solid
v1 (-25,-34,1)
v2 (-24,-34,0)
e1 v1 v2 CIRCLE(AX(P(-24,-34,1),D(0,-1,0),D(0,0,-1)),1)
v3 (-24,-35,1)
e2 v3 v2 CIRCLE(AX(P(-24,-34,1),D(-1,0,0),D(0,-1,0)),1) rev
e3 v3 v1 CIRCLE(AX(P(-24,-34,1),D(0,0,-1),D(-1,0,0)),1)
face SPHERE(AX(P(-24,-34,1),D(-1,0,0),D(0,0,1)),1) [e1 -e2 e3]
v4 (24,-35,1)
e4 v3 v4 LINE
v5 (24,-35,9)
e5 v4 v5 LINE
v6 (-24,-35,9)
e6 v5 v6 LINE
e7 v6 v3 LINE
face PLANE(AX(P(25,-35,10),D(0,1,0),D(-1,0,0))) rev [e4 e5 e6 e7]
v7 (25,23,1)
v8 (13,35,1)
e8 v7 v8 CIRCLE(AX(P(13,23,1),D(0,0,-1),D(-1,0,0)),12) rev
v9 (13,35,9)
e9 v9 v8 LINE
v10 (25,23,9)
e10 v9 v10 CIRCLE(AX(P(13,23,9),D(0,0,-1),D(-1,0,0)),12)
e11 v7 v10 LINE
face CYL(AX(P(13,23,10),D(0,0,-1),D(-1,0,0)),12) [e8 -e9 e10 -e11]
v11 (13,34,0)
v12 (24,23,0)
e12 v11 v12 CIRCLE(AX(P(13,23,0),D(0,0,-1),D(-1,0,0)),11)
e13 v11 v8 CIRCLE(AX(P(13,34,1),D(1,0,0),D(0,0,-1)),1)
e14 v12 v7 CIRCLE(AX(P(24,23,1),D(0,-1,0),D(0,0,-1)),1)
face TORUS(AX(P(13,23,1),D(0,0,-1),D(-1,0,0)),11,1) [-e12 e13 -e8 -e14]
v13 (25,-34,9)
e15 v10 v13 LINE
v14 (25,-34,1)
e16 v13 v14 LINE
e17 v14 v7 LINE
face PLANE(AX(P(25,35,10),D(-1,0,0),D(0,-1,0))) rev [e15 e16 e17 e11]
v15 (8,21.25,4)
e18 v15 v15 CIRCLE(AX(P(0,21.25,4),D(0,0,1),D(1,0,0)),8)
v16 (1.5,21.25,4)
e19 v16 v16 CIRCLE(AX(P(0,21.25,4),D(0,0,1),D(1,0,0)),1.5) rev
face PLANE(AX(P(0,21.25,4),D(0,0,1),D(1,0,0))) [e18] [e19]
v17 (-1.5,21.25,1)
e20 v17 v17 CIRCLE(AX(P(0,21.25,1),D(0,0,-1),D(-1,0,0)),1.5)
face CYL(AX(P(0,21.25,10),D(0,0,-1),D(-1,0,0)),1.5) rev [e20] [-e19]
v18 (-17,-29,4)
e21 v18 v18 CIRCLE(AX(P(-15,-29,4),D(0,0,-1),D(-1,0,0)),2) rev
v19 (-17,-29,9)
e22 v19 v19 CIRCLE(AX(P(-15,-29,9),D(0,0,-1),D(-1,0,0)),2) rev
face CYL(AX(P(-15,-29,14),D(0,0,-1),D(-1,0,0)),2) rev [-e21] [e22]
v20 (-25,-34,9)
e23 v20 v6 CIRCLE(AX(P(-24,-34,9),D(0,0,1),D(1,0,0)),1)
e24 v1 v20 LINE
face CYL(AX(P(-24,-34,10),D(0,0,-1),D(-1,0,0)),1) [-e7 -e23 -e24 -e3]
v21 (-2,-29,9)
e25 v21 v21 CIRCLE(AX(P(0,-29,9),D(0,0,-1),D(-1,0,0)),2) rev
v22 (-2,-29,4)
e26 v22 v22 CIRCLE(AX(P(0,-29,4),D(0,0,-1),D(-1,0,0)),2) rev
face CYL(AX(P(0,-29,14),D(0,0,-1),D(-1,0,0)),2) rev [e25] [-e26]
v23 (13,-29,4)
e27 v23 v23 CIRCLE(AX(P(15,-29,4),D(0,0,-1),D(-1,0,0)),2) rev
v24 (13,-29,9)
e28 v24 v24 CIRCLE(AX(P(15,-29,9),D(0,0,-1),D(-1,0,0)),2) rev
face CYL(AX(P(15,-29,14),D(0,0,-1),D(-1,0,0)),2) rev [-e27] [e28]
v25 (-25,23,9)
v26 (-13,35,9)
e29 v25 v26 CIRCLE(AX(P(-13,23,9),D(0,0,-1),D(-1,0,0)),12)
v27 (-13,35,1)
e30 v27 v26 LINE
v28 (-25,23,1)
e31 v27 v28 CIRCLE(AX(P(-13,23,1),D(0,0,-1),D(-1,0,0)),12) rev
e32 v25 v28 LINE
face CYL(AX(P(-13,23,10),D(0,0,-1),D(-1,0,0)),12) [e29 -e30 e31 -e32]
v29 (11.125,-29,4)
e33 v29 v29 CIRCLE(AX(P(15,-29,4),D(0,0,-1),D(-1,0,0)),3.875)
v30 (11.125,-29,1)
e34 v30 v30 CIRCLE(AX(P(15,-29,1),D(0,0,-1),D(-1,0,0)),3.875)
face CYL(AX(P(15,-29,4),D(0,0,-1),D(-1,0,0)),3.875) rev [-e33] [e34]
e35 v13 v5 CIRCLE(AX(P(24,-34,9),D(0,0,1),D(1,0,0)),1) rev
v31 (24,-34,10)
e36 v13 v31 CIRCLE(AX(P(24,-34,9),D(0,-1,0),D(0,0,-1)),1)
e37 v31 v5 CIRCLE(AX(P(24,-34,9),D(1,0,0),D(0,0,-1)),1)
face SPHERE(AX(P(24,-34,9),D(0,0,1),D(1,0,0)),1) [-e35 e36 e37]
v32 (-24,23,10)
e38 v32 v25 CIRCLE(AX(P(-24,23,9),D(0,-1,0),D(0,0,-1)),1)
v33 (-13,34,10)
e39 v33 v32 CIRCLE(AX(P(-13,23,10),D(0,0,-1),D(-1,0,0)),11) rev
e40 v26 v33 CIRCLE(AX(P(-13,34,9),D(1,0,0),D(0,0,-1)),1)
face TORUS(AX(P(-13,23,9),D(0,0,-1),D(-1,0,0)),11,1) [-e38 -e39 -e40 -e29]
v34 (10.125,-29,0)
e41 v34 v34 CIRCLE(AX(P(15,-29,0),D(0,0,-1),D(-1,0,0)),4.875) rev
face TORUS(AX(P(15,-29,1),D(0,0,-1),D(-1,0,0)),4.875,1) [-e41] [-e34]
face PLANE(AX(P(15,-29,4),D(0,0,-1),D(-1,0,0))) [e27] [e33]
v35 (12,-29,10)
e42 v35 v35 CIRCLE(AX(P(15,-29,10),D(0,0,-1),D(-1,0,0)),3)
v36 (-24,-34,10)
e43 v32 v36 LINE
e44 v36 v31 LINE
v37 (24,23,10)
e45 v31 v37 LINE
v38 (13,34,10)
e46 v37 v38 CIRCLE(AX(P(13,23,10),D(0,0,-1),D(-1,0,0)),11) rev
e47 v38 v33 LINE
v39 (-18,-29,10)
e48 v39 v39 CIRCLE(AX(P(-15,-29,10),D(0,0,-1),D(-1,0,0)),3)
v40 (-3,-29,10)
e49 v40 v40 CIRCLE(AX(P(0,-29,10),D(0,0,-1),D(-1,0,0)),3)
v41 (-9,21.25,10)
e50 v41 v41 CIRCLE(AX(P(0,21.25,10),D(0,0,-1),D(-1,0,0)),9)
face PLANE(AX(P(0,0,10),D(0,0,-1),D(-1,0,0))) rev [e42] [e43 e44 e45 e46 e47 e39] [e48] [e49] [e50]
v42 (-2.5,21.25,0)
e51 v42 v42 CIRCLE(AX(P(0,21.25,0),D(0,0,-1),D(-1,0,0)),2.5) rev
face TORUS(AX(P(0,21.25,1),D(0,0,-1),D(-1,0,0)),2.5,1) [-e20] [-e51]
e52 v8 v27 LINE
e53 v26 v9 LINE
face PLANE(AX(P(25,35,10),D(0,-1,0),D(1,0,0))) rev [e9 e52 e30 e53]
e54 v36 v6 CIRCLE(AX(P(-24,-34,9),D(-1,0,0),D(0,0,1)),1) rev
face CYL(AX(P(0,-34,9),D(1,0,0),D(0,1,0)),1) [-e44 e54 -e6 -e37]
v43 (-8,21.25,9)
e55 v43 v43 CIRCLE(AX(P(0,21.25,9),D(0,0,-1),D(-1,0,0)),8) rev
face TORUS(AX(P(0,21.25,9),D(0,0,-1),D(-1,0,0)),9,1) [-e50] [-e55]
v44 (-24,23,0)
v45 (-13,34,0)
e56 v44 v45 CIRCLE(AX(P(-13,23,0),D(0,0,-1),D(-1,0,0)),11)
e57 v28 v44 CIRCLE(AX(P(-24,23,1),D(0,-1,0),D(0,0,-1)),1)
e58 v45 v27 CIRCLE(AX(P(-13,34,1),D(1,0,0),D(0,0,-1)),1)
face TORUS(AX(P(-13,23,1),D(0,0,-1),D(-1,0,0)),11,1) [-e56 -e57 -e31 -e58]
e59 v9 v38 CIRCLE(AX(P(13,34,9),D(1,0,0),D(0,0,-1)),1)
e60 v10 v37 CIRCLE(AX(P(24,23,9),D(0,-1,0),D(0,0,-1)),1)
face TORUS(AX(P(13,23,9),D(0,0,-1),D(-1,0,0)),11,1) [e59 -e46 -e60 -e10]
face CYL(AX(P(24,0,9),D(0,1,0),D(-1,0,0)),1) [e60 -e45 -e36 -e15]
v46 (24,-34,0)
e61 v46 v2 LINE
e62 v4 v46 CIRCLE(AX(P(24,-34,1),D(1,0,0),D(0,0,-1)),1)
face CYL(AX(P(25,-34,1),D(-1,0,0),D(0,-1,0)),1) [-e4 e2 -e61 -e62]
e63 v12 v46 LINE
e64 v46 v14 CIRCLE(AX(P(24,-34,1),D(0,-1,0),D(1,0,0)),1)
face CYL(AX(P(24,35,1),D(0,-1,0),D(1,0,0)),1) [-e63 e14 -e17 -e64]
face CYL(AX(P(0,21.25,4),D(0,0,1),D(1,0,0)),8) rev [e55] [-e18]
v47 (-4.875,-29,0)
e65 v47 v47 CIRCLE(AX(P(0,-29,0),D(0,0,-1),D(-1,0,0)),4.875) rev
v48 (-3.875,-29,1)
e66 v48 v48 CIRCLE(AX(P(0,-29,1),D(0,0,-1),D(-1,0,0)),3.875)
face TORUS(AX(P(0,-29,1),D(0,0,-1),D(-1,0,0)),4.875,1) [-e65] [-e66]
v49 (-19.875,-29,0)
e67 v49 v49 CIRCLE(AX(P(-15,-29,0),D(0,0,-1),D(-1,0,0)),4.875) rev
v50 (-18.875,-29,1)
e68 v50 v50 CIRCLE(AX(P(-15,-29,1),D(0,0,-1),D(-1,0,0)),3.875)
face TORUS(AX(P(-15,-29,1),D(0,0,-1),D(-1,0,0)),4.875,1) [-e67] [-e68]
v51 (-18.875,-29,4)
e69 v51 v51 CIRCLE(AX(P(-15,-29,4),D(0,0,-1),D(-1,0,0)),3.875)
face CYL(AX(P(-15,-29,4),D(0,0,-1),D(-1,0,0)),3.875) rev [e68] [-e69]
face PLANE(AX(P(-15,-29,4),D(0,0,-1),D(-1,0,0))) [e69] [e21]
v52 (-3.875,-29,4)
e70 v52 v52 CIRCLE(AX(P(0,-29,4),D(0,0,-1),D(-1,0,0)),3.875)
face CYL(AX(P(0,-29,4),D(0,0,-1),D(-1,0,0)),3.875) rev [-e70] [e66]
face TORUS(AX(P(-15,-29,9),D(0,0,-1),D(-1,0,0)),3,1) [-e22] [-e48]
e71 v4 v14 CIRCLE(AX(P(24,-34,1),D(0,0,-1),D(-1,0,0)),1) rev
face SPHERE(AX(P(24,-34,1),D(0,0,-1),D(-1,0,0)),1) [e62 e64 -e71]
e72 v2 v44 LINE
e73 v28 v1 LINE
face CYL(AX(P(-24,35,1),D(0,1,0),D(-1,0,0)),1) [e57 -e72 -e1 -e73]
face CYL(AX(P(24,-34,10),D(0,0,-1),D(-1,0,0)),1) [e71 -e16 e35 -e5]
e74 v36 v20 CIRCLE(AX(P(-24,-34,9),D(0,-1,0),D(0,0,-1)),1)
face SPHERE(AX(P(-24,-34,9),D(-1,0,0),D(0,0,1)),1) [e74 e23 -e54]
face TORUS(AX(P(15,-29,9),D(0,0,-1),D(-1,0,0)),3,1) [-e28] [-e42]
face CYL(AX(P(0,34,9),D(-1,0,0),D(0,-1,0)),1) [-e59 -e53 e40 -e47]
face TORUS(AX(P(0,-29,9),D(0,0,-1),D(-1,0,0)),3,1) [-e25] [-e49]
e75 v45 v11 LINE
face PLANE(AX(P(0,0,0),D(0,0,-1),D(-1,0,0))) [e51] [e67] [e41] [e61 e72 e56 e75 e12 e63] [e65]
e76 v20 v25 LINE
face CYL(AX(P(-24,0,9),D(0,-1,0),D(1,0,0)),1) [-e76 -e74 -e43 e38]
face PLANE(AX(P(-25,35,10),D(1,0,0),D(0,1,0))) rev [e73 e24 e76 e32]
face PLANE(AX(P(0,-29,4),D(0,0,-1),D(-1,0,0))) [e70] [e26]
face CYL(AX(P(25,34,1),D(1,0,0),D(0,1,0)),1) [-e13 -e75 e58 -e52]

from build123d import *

# Parameters (mm, degrees)
SKETCH1_W           = 50
SKETCH1_H           = 70
BOSS_EXTRUDE1_DEPTH = 10
SKETCH6_R           = 1.5
CUT_EXTRUDE1_DEPTH  = 45.158804332
SKETCH8_R           = 8
CUT_EXTRUDE3_DEPTH  = 6
FILLET1_R           = 12
SKETCH9_R           = 2
CUT_EXTRUDE4_DEPTH  = 14
SKETCH10_R          = 3.875
CUT_EXTRUDE5_DEPTH  = 4
FILLET2_R           = 1


with BuildPart() as part:
    # Sketch1 → Boss-Extrude1 (new body)
    with BuildSketch(Plane.XY):
        Rectangle(SKETCH1_W, SKETCH1_H)
    extrude(amount=BOSS_EXTRUDE1_DEPTH)

    # Sketch6 → Cut-Extrude1 (cut, through all)
    with BuildSketch(Plane(origin=(0, 0, 0), x_dir=(-1, 0, 0), z_dir=(0, 0, -1))):
        with Locations((0, 21.25)):
            Circle(SKETCH6_R)
    extrude(amount=-CUT_EXTRUDE1_DEPTH, mode=Mode.SUBTRACT)

    # Sketch8 → Cut-Extrude3 (cut)
    with BuildSketch(Plane.XY.offset(10)):
        with Locations((0, 21.25)):
            Circle(SKETCH8_R)
    extrude(amount=-CUT_EXTRUDE3_DEPTH, mode=Mode.SUBTRACT)

    # Fillet1
    fillet1_edges = [part.edges().sort_by_distance(p)[0] for p in [
        (-25, 35, 5),
        (25, 35, 5),
    ]]
    fillet(fillet1_edges, radius=FILLET1_R)

    # Sketch9 → Cut-Extrude4 (cut)
    with BuildSketch(Plane(origin=(0, 0, 0), x_dir=(-1, 0, 0), z_dir=(0, 0, -1))):
        with Locations((-15, -29)):
            Circle(SKETCH9_R)
        with Locations((0, -29)):
            Circle(SKETCH9_R)
        with Locations((15, -29)):
            Circle(SKETCH9_R)
    extrude(amount=-CUT_EXTRUDE4_DEPTH, mode=Mode.SUBTRACT)

    # Sketch10 → Cut-Extrude5 (cut)
    with BuildSketch(Plane(origin=(0, 0, 0), x_dir=(-1, 0, 0), z_dir=(0, 0, -1))):
        with Locations((-15, -29)):
            Circle(SKETCH10_R)
        with Locations((0, -29)):
            Circle(SKETCH10_R)
        with Locations((15, -29)):
            Circle(SKETCH10_R)
    extrude(amount=-CUT_EXTRUDE5_DEPTH, mode=Mode.SUBTRACT)

    # Fillet2
    fillet2_edges = [part.edges().sort_by_distance(p)[0] for p in [
        (25, -6, 10),
        (1.5, 21.25, 0),
        (-8, 21.25, 10),
        (0, 35, 0),
        (0, 35, 10),
        (-25, -6, 0),
        (-21.485281374, 31.485281374, 0),
        (21.485281374, 31.485281374, 0),
        (-25, -6, 10),
        (-21.485281374, 31.485281374, 10),
        (21.485281374, 31.485281374, 10),
        (17, -29, 10),
        (2, -29, 10),
        (-13, -29, 10),
        (25, -6, 0),
        (0, -35, 0),
        (18.875, -29, 0),
        (3.875, -29, 0),
        (-11.125, -29, 0),
        (25, -35, 5),
        (-25, -35, 5),
        (0, -35, 10),
    ]]
    fillet(fillet2_edges, radius=FILLET2_R)


solid = part.part
